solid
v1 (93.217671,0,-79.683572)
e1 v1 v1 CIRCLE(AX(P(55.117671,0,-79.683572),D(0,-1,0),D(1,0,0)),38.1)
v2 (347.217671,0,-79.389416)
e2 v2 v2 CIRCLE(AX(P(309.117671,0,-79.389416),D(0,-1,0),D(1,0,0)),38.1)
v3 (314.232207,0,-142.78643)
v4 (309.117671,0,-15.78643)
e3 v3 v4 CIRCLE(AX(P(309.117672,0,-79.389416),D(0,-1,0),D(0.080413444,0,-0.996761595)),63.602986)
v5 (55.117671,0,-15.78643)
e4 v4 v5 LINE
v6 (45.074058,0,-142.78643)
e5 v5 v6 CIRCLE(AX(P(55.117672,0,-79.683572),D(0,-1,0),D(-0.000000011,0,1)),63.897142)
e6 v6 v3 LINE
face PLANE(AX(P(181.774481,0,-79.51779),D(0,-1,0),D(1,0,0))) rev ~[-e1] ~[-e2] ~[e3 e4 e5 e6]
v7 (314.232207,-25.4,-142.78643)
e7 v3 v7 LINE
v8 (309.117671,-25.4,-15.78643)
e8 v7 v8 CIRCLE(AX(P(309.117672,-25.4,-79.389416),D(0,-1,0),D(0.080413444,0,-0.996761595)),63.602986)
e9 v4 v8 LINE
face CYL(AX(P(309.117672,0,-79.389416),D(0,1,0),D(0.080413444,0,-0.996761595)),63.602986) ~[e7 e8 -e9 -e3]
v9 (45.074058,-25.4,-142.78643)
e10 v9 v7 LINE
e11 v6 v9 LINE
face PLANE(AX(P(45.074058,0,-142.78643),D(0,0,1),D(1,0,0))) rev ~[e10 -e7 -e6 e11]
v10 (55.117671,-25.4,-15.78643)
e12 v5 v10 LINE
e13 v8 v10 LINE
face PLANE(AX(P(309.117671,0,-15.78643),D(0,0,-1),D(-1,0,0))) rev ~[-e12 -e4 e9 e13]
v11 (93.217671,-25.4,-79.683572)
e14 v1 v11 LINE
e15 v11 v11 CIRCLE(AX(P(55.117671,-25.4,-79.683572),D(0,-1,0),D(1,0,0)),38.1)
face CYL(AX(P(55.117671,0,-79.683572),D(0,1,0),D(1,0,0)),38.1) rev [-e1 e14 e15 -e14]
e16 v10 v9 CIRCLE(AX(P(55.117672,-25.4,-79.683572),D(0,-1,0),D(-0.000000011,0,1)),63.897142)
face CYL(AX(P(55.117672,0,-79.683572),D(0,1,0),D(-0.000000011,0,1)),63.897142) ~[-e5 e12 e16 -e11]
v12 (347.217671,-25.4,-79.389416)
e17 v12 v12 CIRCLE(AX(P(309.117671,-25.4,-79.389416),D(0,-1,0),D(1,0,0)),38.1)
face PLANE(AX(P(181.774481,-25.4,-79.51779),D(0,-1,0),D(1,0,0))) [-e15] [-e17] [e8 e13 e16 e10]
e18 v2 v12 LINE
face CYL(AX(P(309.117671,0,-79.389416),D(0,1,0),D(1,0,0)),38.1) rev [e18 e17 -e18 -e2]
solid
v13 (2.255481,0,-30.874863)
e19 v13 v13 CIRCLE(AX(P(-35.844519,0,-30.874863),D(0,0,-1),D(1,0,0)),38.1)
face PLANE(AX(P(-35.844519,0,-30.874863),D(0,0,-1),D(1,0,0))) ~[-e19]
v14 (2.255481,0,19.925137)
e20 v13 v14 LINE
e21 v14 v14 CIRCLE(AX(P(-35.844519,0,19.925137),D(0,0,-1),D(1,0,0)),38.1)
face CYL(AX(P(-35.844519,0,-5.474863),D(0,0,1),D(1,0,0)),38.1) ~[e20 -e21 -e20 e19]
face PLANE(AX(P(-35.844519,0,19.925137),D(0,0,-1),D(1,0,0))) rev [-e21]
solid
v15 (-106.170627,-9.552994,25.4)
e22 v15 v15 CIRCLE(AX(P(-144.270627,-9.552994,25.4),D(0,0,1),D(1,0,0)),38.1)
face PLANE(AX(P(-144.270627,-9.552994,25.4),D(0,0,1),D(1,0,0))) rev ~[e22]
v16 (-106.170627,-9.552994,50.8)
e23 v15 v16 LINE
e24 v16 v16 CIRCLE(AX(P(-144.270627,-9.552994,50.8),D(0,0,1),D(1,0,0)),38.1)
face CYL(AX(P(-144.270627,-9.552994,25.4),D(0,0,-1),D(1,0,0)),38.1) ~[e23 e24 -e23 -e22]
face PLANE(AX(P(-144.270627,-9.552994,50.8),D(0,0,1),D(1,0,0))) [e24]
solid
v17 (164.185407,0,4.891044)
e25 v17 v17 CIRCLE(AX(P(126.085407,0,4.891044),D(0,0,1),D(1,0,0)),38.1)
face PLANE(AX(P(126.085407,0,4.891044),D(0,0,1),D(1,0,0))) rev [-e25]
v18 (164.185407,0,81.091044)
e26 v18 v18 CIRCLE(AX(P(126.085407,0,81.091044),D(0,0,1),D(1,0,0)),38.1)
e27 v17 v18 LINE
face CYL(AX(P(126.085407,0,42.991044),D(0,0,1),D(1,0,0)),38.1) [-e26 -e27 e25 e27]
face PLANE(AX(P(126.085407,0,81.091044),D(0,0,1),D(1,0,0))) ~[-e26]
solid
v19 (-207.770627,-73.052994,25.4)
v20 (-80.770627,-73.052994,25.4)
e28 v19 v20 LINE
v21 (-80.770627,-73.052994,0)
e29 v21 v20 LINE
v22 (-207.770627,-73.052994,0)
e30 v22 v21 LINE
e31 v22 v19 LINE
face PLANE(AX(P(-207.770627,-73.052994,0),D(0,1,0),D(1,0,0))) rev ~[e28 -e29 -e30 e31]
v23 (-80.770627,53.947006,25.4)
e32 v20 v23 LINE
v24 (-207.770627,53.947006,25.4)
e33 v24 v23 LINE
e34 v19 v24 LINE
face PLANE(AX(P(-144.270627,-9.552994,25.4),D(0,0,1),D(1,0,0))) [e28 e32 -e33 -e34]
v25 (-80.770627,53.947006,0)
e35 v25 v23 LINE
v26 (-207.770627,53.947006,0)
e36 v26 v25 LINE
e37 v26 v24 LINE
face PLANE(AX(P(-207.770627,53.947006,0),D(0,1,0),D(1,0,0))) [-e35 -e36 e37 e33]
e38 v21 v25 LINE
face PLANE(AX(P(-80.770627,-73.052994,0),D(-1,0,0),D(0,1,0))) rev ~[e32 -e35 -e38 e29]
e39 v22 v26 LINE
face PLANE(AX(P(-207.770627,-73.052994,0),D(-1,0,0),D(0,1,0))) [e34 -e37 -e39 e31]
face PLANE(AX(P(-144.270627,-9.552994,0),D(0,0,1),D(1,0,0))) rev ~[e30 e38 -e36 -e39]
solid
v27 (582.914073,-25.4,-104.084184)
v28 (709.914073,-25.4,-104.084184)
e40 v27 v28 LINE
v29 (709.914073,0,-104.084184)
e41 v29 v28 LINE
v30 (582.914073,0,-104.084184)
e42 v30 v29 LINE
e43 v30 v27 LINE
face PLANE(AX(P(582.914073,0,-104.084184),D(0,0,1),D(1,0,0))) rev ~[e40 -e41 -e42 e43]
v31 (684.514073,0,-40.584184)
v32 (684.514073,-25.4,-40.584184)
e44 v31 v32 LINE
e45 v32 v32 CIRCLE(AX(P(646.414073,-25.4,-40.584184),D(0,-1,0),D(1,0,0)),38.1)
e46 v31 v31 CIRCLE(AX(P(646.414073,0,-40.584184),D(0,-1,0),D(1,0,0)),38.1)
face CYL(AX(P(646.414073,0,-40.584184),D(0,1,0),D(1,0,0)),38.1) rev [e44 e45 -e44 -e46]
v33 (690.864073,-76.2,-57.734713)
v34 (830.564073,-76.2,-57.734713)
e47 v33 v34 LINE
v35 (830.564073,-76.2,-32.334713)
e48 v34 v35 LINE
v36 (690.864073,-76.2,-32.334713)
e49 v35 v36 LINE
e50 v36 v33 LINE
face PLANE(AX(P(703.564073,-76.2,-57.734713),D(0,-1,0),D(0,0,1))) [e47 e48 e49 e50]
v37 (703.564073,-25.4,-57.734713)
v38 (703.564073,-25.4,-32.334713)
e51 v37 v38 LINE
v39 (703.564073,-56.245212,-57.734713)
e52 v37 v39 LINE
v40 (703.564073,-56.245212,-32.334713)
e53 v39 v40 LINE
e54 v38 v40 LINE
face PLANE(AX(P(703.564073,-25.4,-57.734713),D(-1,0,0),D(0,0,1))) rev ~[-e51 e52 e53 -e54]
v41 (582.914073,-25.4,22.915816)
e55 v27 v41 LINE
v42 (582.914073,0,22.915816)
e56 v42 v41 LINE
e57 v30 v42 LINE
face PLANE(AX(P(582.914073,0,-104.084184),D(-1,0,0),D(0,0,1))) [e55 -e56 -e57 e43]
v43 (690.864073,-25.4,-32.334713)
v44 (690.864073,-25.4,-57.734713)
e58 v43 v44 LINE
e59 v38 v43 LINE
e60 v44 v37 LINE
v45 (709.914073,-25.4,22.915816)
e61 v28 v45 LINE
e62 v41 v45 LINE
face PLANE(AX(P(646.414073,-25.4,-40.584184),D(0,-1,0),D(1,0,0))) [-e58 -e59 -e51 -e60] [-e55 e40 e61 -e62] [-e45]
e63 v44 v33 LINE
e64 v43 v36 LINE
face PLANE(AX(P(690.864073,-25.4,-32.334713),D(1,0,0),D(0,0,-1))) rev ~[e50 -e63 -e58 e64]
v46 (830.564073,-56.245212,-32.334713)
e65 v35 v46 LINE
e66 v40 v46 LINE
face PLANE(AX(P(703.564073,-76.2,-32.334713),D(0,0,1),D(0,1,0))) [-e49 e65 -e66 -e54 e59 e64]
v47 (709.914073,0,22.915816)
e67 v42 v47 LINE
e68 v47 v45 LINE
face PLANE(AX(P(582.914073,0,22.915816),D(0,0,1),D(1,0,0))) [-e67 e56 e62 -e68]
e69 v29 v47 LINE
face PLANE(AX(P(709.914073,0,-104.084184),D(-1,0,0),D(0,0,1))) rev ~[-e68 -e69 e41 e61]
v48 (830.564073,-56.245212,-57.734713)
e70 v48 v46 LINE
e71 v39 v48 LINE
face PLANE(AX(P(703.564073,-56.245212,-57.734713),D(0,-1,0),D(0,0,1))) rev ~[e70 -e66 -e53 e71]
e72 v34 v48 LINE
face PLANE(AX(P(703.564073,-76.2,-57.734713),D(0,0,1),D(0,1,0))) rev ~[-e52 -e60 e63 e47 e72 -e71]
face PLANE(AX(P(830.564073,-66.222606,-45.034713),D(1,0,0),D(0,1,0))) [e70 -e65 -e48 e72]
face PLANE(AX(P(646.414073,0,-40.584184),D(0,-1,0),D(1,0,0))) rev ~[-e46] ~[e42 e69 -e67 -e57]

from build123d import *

# Parameters (mm, degrees)
F0_W      = 127
F0_H      = 127
F1_DEPTH  = 25.4
F2_R      = 38.1
F3_DEPTH  = 25.4
F4_R      = 38.1
F5_DEPTH  = 25.4
F6_W      = 38.1
F6_H      = 50.8
F8_W      = 38.1
F8_H      = 76.2
F10_W     = 127
F10_H     = 127
F10_R     = 38.1
F11_DEPTH = 25.4
F13_DEPTH = 50.8
F14_W     = 19.954788
F14_H     = 25.4
F15_DEPTH = 127


with BuildPart() as f1:
    # F0 (on Top) → F1 (new body)
    with BuildSketch(Plane.XY):
        with Locations((-144.270627, -9.552994)):
            Rectangle(F0_W, F0_H)
    extrude(amount=F1_DEPTH)


with BuildPart() as f3:
    # F2 (on face) → F3 (new body)
    with BuildSketch(Plane.XY.offset(25.4)):
        with Locations((-144.270627, -9.552994)):
            Circle(F2_R)
    extrude(amount=F3_DEPTH)


with BuildPart() as f5:
    # F4 (on Front) → F5 (new body)
    with BuildSketch(Plane.XZ):
        with BuildLine():
            Line((309.117671, -15.78643), (55.117671, -15.78643))
            ThreePointArc((55.117671, -15.78643), (-8.58059, -74.646086), (45.074058, -142.78643))
            Line((45.074058, -142.78643), (314.232207, -142.78643))
            ThreePointArc((314.232207, -142.78643), (372.669144, -76.830075), (309.117671, -15.78643))
        make_face()
        with Locations((55.117671, -79.683572)):
            Circle(F4_R, mode=Mode.SUBTRACT)
        with Locations((309.117671, -79.389416)):
            Circle(F4_R, mode=Mode.SUBTRACT)
    extrude(amount=F5_DEPTH)


with BuildPart() as f7:
    # F6 (on Front) → F7 (revolve)
    with BuildSketch(Plane.XZ):
        with Locations((-16.794519, -5.474863)):
            Rectangle(F6_W, F6_H)
    revolve(axis=Axis((-35.844519, 0, -9.16196), (0, 0, -1)))


with BuildPart() as f9:
    # F8 (on Front) → F9 (revolve)
    with BuildSketch(Plane.XZ):
        with Locations((145.135407, 42.991044)):
            Rectangle(F8_W, F8_H)
    revolve(axis=Axis((126.085407, 0, 94.616761), (0, 0, 1)))


with BuildPart() as f11:
    # F10 (on Front) → F11 (new body)
    with BuildSketch(Plane.XZ):
        with Locations((646.414073, -40.584184)):
            Rectangle(F10_W, F10_H)
        with Locations((646.414073, -40.584184)):
            Circle(F10_R, mode=Mode.SUBTRACT)
    extrude(amount=F11_DEPTH)

    # F12 (on face) → F13 (join)
    with BuildSketch(Plane.XZ.offset(25.4)):
        Polygon((703.564073, -57.734713), (703.564073, -40.584184), (692.02312, -40.584184), (690.864073, -40.584184), (690.864073, -57.734713), align=None)
        Polygon((692.02312, -40.584184), (703.564073, -40.584184), (703.564073, -32.334713), (690.864073, -32.334713), (690.864073, -40.584184), align=None)
    extrude(amount=F13_DEPTH)

    # F14 (on face) → F15 (join)
    with BuildSketch(Plane.YZ.offset(703.564073)):
        with Locations((-66.222606, -45.034713)):
            Rectangle(F14_W, F14_H)
    extrude(amount=F15_DEPTH)


solid = Compound([f1.part, f3.part, f5.part, f7.part, f9.part, f11.part])
